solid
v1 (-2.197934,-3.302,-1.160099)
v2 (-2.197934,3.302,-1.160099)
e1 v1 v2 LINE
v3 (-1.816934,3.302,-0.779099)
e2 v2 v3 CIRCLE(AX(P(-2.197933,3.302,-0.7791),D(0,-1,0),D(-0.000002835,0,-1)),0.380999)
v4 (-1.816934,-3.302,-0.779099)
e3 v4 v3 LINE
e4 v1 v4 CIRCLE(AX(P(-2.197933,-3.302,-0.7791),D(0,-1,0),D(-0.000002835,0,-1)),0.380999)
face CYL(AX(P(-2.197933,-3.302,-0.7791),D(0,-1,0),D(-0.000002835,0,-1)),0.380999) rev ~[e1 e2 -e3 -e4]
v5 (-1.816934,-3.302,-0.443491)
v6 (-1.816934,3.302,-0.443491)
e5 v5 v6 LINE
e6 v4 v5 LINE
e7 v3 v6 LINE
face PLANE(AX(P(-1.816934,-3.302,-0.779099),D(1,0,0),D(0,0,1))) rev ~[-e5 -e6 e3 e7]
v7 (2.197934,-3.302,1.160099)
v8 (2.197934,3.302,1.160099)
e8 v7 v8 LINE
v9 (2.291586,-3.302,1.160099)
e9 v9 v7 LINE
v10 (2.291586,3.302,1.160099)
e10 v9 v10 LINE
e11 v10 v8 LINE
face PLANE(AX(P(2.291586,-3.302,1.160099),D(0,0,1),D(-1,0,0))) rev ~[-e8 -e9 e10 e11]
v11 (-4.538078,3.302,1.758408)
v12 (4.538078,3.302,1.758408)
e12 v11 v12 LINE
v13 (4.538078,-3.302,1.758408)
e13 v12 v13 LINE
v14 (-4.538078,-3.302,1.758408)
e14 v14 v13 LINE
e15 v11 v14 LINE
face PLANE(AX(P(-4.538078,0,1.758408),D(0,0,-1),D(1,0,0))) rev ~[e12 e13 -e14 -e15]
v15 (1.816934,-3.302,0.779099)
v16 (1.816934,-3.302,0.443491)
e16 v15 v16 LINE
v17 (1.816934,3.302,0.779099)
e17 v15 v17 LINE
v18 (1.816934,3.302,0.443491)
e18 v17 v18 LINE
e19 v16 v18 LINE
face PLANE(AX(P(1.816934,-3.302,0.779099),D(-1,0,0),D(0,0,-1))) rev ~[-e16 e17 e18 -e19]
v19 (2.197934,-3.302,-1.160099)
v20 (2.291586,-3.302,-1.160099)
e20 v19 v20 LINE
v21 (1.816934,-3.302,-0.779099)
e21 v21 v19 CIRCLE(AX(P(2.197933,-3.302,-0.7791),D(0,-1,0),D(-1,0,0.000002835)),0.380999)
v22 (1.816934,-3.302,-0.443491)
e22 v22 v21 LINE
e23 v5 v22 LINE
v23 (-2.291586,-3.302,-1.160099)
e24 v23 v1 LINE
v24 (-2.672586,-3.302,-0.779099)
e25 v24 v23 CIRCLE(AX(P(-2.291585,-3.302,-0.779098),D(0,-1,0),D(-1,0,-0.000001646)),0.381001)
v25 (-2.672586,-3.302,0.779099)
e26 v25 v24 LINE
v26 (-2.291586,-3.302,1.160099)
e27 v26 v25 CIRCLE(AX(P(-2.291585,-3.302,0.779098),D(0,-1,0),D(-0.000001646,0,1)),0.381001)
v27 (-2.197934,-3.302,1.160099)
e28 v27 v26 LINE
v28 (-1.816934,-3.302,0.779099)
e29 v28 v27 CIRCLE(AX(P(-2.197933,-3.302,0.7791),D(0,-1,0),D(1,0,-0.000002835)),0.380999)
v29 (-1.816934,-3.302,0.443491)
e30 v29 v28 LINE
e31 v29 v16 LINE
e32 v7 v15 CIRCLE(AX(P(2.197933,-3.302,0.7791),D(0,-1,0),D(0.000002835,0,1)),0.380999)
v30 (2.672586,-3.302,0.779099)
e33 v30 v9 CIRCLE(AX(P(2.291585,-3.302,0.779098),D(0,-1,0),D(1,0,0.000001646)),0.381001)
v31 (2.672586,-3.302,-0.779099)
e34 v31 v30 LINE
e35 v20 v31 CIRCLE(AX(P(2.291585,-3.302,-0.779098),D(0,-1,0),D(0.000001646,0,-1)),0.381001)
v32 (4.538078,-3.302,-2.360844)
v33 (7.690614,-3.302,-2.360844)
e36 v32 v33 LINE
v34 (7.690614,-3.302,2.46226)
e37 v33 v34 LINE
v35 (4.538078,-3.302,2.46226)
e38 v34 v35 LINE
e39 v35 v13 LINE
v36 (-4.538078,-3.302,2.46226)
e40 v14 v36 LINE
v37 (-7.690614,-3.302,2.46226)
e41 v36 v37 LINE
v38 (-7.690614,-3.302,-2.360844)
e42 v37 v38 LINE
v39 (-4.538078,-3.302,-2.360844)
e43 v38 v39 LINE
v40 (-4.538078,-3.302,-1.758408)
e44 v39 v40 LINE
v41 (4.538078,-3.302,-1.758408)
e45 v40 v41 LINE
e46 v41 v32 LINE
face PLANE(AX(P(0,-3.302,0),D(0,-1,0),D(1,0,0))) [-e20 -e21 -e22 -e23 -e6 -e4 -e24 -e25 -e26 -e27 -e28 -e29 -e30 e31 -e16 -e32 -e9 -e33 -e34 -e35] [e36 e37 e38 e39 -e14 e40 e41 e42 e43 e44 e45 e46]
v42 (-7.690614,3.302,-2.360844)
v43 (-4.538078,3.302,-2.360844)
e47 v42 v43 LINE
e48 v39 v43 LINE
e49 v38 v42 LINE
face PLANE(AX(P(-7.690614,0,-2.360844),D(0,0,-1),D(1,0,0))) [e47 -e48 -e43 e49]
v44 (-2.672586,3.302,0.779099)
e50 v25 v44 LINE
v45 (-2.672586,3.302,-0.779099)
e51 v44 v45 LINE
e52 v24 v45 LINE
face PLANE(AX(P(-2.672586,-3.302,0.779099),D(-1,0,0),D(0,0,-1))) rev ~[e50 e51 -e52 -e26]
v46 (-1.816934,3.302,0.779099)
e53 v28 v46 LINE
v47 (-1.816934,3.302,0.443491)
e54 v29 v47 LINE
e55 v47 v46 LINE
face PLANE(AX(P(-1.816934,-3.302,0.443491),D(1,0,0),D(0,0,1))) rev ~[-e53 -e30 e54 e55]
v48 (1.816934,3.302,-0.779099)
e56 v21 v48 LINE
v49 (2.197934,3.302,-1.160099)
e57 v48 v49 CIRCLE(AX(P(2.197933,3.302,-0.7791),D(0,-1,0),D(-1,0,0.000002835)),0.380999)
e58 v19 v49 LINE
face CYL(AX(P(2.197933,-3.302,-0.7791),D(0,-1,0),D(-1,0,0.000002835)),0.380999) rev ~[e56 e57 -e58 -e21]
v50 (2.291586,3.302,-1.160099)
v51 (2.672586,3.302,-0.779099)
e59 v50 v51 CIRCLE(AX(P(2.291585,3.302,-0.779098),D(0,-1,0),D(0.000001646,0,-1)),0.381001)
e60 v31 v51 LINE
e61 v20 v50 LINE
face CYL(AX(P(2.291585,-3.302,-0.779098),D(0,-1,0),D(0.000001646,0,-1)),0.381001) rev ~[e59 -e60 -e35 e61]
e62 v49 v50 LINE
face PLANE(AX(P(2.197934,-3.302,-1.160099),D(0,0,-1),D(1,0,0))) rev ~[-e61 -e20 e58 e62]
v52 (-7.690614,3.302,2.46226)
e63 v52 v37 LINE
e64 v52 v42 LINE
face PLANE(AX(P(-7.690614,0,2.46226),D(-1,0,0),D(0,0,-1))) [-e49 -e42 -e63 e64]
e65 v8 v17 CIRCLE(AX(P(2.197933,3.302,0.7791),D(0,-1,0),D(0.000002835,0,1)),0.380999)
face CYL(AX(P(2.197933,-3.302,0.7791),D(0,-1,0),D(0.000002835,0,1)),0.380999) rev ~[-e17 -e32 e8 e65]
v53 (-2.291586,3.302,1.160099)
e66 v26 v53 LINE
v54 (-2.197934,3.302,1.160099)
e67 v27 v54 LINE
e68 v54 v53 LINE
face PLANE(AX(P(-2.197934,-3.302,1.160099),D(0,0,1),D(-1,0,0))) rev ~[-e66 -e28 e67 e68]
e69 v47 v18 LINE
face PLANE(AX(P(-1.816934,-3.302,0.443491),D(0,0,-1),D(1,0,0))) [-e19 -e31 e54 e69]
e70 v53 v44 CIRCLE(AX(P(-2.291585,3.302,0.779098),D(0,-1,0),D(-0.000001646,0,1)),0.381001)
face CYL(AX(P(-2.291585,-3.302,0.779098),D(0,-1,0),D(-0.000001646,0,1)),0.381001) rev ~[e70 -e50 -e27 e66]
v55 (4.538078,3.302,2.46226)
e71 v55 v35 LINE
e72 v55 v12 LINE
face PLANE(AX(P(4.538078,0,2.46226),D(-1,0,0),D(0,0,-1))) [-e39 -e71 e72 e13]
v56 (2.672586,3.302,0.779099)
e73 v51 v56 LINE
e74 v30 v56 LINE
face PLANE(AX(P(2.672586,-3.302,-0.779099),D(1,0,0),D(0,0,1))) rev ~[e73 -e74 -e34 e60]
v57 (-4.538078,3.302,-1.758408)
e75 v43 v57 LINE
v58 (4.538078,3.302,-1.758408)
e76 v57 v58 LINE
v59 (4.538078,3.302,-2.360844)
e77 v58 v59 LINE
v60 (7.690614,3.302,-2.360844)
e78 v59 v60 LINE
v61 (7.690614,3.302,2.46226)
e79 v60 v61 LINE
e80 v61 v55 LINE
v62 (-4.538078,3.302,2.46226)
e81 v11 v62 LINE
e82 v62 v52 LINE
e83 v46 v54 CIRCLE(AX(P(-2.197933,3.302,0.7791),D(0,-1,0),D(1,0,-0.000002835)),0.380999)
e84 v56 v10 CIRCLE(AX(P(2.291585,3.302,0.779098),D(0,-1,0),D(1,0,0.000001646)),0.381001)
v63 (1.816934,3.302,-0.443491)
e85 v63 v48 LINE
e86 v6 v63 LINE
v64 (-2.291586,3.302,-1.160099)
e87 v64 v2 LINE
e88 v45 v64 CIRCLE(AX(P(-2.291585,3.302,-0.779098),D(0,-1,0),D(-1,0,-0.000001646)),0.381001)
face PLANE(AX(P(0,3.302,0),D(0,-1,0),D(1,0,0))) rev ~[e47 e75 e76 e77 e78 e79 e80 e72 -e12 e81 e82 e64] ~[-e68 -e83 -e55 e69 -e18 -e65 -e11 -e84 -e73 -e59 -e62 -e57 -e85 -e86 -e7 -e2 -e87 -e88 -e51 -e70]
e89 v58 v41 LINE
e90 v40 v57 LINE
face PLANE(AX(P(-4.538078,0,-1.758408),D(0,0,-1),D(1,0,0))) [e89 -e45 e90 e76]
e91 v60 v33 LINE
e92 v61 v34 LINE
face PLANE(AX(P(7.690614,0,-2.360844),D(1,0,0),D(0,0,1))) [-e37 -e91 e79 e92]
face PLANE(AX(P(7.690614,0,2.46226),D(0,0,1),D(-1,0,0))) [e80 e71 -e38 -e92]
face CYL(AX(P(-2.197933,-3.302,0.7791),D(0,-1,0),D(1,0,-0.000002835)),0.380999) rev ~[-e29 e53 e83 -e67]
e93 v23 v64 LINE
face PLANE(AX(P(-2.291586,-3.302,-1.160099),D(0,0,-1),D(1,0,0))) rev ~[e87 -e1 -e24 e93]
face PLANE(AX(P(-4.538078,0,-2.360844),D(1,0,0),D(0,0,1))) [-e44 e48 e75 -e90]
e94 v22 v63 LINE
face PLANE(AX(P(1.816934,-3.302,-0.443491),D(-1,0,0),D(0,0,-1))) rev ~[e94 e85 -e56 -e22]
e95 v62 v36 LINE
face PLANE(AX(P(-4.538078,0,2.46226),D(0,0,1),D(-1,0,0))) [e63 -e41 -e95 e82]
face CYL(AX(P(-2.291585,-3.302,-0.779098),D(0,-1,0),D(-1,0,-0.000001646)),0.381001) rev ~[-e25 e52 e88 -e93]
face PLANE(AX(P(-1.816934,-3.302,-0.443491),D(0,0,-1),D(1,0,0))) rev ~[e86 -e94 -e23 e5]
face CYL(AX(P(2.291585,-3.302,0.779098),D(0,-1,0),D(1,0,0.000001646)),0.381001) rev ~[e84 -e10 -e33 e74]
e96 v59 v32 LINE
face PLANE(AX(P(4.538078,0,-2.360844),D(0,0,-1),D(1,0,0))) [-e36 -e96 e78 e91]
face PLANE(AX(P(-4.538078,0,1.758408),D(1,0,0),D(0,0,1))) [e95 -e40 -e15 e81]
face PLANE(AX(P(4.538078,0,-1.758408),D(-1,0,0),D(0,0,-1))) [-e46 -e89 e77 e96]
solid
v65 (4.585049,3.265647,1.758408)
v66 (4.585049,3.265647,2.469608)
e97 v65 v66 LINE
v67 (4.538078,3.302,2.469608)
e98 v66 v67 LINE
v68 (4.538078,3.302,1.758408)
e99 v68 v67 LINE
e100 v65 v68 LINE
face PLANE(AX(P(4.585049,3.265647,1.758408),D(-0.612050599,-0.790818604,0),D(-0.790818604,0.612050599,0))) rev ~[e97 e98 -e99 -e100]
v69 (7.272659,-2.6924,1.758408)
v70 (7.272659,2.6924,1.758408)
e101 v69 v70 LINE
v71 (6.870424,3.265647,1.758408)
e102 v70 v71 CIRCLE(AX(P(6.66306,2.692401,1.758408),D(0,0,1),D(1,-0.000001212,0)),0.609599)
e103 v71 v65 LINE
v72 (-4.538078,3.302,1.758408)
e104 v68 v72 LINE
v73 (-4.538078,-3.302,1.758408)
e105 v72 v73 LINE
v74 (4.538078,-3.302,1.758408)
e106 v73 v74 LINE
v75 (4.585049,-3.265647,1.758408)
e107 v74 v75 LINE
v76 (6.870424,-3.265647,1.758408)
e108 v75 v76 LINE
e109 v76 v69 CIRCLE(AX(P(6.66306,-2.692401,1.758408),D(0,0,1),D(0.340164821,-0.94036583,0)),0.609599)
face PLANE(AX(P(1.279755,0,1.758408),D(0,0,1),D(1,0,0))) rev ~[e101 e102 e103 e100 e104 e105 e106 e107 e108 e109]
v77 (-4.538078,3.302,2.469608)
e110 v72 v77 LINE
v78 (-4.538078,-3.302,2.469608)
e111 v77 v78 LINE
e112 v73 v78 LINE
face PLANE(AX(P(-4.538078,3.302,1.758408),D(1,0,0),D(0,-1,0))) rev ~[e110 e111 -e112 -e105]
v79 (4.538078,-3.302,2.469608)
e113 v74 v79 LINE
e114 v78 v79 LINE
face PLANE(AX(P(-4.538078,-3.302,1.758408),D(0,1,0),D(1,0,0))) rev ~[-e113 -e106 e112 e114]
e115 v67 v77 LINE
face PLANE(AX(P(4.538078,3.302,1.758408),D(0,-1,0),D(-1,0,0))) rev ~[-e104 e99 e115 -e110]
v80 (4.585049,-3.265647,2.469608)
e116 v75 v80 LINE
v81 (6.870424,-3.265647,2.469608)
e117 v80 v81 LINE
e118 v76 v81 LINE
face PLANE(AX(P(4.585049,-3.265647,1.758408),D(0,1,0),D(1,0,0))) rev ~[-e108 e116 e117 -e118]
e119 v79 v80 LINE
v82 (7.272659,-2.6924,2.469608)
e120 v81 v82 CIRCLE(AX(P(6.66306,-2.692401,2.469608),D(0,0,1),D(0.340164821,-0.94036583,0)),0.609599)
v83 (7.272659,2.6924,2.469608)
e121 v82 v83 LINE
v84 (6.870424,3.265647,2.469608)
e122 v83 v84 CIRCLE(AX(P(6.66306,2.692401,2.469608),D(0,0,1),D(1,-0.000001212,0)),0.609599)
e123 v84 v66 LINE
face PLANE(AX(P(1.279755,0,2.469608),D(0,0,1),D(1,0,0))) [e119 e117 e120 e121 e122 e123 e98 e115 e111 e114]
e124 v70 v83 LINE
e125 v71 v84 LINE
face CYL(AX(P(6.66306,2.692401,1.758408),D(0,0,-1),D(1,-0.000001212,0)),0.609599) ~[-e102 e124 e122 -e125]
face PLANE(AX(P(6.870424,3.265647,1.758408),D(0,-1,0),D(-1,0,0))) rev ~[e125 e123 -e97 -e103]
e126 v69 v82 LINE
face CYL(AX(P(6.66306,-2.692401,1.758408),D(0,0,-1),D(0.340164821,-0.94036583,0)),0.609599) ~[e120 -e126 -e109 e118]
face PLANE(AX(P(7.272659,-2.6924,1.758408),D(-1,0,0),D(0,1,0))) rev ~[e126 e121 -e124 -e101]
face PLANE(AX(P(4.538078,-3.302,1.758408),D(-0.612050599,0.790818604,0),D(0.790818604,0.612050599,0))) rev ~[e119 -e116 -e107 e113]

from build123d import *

# Parameters (mm, degrees)
F0_W          = 9.076156
F0_H          = 3.516816
F1_DEPTH      = 3.302
F1_DEPTH_BACK = 3.302
F2_W          = 3.633868
F2_H          = 0.886982
F3_DEPTH      = 6.8072
F5_DEPTH      = 0.7112


with BuildPart() as f1:
    # F0 (on Front) → F1 (new body, two sides)
    with BuildSketch(Plane.XZ) as f1_sk:
        Rectangle(F0_W, F0_H)
        Polygon((4.538078, 1.758408), (4.538078, -1.758408), (4.538078, -2.360844), (7.690614, -2.360844), (7.690614, 2.46226), (4.538078, 2.46226), align=None)
        Polygon((-4.538078, -2.360844), (-4.538078, -1.758408), (-4.538078, 1.758408), (-4.538078, 2.46226), (-7.690614, 2.46226), (-7.690614, -2.360844), align=None)
    extrude(amount=F1_DEPTH)
    extrude(f1_sk.sketch, amount=-F1_DEPTH_BACK)

    # F2 (on face) → F3 (cut)
    with BuildSketch(Plane.XZ.offset(3.302)):
        Rectangle(F2_W, F2_H)
        with BuildLine():
            Line((1.816934, 0.443491), (1.816934, -0.443491))
            Line((1.816934, -0.443491), (1.816934, -0.779099))
            ThreePointArc((1.816934, -0.779099), (1.928526, -1.048507), (2.197934, -1.160099))
            Line((2.197934, -1.160099), (2.291586, -1.160099))
            ThreePointArc((2.291586, -1.160099), (2.560993, -1.048507), (2.672586, -0.779099))
            Line((2.672586, -0.779099), (2.672586, 0.779099))
            ThreePointArc((2.672586, 0.779099), (2.560993, 1.048507), (2.291586, 1.160099))
            Line((2.291586, 1.160099), (2.197934, 1.160099))
            ThreePointArc((2.197934, 1.160099), (1.928526, 1.048507), (1.816934, 0.779099))
            Line((1.816934, 0.779099), (1.816934, 0.443491))
        make_face()
        with BuildLine():
            Line((-1.816934, -0.779099), (-1.816934, -0.443491))
            Line((-1.816934, -0.443491), (-1.816934, 0.443491))
            Line((-1.816934, 0.443491), (-1.816934, 0.779099))
            ThreePointArc((-1.816934, 0.779099), (-1.928526, 1.048507), (-2.197934, 1.160099))
            Line((-2.197934, 1.160099), (-2.291586, 1.160099))
            ThreePointArc((-2.291586, 1.160099), (-2.560993, 1.048507), (-2.672586, 0.779099))
            Line((-2.672586, 0.779099), (-2.672586, -0.779099))
            ThreePointArc((-2.672586, -0.779099), (-2.560993, -1.048507), (-2.291586, -1.160099))
            Line((-2.291586, -1.160099), (-2.197934, -1.160099))
            ThreePointArc((-2.197934, -1.160099), (-1.928526, -1.048507), (-1.816934, -0.779099))
        make_face()
    extrude(amount=-F3_DEPTH, mode=Mode.SUBTRACT)


with BuildPart() as f5:
    # F4 (on face) → F5 (new body)
    with BuildSketch(Plane.XY.offset(1.758408)):
        with BuildLine():
            Line((4.538078, 3.302), (-4.538078, 3.302))
            Line((-4.538078, 3.302), (-4.538078, -3.302))
            Line((-4.538078, -3.302), (4.538078, -3.302))
            Line((4.538078, -3.302), (4.585049, -3.265647))
            Line((4.585049, -3.265647), (6.870424, -3.265647))
            ThreePointArc((6.870424, -3.265647), (7.162069, -3.042545), (7.272659, -2.6924))
            Line((7.272659, -2.6924), (7.272659, 2.6924))
            ThreePointArc((7.272659, 2.6924), (7.162069, 3.042545), (6.870424, 3.265647))
            Line((6.870424, 3.265647), (4.585049, 3.265647))
            Line((4.585049, 3.265647), (4.538078, 3.302))
        make_face()
    extrude(amount=F5_DEPTH)


solid = Compound([f1.part, f5.part])
